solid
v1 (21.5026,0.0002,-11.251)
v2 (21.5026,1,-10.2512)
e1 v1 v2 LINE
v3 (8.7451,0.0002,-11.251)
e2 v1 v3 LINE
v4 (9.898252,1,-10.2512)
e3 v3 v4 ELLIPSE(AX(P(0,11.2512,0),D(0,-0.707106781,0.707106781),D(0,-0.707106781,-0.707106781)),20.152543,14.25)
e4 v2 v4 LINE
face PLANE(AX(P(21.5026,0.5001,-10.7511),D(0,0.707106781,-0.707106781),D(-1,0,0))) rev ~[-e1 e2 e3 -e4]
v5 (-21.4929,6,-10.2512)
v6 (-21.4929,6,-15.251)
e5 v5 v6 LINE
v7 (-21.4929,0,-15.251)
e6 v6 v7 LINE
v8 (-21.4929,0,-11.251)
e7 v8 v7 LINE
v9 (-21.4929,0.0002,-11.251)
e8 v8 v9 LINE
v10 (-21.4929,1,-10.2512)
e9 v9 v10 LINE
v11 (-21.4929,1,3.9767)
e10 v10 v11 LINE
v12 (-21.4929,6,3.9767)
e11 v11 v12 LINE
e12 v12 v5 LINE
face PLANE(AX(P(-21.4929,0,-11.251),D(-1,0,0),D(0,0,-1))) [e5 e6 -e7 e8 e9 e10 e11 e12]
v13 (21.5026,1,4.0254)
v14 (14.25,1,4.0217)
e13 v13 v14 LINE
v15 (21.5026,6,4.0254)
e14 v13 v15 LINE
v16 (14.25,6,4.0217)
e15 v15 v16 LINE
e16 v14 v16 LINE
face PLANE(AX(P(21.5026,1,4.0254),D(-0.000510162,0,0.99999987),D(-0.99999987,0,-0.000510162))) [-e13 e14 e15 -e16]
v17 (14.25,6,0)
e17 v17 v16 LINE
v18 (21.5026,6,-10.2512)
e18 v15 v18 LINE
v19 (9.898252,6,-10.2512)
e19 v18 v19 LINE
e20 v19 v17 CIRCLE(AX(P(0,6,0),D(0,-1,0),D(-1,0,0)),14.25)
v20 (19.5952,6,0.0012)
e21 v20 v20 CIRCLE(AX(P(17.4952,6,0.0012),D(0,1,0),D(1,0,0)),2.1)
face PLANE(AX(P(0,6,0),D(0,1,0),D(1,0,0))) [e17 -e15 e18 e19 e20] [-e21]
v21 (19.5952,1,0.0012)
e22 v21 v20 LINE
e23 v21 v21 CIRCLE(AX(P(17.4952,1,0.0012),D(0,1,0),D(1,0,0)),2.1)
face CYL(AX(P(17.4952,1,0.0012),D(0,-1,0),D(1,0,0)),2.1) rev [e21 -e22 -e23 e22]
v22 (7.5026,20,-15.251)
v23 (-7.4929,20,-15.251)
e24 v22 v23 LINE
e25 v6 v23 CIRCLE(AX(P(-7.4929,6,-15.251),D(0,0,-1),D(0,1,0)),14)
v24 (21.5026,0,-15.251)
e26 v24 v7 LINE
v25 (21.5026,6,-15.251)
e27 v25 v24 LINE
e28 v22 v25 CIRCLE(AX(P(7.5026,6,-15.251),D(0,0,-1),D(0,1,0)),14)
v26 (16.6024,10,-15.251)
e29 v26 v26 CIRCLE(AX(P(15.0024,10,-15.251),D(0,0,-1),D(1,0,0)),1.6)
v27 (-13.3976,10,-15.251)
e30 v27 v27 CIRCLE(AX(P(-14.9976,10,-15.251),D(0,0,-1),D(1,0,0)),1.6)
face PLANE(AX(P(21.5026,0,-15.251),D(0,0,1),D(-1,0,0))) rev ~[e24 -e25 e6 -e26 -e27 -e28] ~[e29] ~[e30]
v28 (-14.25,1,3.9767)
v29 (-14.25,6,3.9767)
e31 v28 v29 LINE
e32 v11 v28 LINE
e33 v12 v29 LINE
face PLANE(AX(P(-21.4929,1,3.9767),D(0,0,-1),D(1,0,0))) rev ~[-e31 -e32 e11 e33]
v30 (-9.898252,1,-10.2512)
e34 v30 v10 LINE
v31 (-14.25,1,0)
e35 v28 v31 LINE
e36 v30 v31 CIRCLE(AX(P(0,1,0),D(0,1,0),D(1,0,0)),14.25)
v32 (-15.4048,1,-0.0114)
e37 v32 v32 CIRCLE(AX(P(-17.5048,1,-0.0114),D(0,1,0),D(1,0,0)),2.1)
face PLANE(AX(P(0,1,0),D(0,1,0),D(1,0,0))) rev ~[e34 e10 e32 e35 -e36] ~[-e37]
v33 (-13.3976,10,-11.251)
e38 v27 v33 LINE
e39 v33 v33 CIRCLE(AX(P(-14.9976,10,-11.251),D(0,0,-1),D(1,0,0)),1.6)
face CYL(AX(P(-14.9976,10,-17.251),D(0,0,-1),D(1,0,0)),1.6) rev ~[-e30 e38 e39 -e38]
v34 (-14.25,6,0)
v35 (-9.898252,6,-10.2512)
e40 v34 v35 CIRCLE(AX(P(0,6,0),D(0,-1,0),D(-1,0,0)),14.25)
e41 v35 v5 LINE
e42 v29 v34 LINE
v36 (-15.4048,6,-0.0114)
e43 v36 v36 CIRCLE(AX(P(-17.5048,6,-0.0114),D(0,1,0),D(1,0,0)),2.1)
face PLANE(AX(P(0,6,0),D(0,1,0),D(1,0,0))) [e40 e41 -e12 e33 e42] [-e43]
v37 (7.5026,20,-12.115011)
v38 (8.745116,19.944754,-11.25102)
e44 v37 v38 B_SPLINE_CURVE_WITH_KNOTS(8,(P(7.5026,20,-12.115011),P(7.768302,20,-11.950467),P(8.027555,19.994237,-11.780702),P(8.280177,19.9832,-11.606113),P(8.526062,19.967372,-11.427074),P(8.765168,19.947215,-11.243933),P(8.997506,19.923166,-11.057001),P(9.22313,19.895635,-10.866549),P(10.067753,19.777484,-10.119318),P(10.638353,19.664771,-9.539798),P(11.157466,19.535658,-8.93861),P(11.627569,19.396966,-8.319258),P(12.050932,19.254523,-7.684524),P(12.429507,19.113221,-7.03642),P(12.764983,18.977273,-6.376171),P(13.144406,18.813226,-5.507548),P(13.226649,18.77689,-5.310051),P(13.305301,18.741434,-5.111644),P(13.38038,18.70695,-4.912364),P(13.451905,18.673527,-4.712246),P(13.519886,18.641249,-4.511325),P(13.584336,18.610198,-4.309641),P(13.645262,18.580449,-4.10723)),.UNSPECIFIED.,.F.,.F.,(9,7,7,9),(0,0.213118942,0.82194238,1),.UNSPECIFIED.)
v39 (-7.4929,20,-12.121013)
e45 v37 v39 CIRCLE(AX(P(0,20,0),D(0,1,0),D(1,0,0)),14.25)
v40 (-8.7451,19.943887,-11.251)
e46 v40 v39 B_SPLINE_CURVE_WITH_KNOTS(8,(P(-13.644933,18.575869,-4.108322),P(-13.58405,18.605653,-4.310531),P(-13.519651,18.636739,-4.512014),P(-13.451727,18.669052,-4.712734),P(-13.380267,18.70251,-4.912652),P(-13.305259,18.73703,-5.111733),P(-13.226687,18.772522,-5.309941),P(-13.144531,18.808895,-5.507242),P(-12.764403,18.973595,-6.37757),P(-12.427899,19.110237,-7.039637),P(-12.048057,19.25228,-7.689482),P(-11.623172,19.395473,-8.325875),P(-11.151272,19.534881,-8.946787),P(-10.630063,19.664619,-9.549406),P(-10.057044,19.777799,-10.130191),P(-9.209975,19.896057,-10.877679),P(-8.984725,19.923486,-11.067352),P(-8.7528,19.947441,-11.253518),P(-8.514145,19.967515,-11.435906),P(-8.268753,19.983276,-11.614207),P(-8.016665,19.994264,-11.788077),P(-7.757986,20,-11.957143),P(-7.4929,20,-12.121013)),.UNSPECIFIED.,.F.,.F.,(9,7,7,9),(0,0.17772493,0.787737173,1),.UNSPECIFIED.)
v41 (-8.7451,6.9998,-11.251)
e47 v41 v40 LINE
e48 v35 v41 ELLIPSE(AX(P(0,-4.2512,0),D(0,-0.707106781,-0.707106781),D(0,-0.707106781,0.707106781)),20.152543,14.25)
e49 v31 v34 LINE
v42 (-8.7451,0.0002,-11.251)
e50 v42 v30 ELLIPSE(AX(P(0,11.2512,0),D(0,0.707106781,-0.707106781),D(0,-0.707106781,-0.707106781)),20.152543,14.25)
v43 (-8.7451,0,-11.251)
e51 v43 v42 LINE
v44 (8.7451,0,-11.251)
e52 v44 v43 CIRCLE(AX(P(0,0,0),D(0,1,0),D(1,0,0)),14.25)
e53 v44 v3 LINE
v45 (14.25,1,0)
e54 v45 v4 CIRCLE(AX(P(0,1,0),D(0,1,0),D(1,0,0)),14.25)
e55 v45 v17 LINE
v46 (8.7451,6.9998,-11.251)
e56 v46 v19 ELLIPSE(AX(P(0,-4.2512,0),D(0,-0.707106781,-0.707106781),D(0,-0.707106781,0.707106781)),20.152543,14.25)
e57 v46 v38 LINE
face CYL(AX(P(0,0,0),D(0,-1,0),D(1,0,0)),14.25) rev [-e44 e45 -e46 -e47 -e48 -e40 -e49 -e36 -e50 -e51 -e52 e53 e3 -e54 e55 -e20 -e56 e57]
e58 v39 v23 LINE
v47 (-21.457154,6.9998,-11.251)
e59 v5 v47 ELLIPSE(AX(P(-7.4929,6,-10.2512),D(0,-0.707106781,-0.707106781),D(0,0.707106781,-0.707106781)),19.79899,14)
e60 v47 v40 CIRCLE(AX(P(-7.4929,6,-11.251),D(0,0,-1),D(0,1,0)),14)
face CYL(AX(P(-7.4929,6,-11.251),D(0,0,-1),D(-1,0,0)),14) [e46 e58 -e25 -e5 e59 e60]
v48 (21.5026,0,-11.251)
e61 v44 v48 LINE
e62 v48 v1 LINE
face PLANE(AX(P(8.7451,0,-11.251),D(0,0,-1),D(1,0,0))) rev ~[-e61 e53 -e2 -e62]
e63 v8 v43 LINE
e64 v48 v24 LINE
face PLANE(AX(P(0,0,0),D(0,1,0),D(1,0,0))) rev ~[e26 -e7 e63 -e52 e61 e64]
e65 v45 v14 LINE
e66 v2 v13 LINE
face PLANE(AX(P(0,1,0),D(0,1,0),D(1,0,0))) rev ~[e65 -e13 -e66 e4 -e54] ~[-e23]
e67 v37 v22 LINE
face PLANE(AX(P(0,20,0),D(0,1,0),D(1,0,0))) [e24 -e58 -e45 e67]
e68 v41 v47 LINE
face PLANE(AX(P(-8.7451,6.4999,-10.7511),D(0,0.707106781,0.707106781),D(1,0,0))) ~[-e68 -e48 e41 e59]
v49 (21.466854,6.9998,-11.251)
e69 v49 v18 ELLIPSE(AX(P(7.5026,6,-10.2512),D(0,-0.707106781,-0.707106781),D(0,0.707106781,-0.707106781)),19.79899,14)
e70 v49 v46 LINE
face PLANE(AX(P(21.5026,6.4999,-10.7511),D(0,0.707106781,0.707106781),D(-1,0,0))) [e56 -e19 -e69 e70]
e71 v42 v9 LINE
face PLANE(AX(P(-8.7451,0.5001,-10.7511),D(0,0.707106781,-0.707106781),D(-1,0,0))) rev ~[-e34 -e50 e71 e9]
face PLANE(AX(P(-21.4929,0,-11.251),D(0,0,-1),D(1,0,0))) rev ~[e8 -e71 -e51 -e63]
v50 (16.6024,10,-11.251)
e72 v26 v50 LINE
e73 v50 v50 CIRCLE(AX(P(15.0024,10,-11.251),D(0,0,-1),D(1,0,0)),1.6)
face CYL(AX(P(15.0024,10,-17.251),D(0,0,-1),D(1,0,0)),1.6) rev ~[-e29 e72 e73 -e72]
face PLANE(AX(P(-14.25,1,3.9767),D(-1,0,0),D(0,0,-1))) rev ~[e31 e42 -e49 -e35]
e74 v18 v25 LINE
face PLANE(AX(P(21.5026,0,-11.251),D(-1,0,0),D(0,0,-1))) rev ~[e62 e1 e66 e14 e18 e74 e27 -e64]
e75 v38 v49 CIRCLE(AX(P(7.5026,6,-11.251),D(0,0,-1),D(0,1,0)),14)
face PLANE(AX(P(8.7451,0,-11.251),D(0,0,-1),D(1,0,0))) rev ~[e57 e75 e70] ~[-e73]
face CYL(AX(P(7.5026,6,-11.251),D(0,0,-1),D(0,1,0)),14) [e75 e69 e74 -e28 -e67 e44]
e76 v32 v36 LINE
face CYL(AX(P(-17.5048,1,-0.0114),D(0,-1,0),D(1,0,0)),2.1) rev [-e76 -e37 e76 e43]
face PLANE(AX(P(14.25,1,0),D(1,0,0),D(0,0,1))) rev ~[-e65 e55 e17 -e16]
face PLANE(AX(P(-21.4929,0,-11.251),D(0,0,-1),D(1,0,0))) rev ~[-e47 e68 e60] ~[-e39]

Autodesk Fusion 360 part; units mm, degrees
sketch "Sketch1" plane through (0, 0, 0) normal (0, 1, 0) x (1, 0, 0)
  line L0 (-21.4929, -3.9767) -> (-14.25, -3.9767)
  arc A0 (14.25, 0) -> (-14.25, 0) centre (0, 0) ccw
  line L1 (-21.4929, -3.9767) -> (-21.4929, 15.251)
  line L2 (21.5026, 15.251) -> (-21.4929, 15.251)
  circle A1 centre (-17.5048, 0.0114) radius 2.1
  line L3 (21.5026, -4.0254) -> (14.25, -4.0217)
  circle A2 centre (17.4952, -0.0012) radius 2.1
  line L4 (21.5026, -4.0254) -> (21.5026, 15.251)
  line L5 (-21.4929, 11.251) -> (-8.7451, 11.251)
  line L6 (8.7451, 11.251) -> (21.5026, 11.251)
  line L7 (-14.25, -3.9767) -> (-14.25, 0)
  line L8 (14.25, 0) -> (14.25, -4.0217)
  dimension "d1" = 28.5
  dimension "d4" = 4.2
  dimension "d14" = 4
  dimension "d33" = 35
  dimension "d34" = 4.2
extrude "Extrude1" add sketch "Sketch1" along normal blind 5 from surface at 1
extrude "Extrude3" add sketch "Sketch1" along normal blind 20 contours A0 L1 L2 L4 L5 L6
sketch "Sketch4" plane through (0, 0, -15.251) normal (0, 0, -1) x (1, 0, 0)
  line L0 (-21.4929, 0) -> (-21.4929, -20)
  line L1 (-21.4929, -20) -> (21.5026, -20)
  line L2 (21.5026, -20) -> (21.5026, 0)
  line L3 (-21.4929, 0) -> (-21.4929, -20)
  line L4 (-21.4929, -20) -> (21.5026, -20)
  line L5 (21.5026, -20) -> (21.5026, 0)
  line L6 (21.5026, 0) -> (-21.4929, 0)
  circle A0 centre (-14.9976, -10) radius 1.6
  line L7 (0.0024, 3.9978) -> (0.0024, -22.1306)
  circle A1 centre (15.0024, -10) radius 1.6
  dimension "d50" = 3.2
  dimension "d51" = 10
  dimension "d52" = 15
extrude "Extrude8" cut sketch "Sketch4" along normal blind -8 and the other way blind -2 contours A0 | A1
chamfer "Chamfer1" distance 1 angle 45 4 edges at (-15.119, 1, -11.251) (15.1239, 1, -11.251) (-15.119, 6, -11.251) (15.1239, 6, -11.251)
fillet "Fillet1" radius 14 2 edges at (-21.4929, 20, -13.251) (21.5026, 20, -13.251)
equation "d34 = d4"
